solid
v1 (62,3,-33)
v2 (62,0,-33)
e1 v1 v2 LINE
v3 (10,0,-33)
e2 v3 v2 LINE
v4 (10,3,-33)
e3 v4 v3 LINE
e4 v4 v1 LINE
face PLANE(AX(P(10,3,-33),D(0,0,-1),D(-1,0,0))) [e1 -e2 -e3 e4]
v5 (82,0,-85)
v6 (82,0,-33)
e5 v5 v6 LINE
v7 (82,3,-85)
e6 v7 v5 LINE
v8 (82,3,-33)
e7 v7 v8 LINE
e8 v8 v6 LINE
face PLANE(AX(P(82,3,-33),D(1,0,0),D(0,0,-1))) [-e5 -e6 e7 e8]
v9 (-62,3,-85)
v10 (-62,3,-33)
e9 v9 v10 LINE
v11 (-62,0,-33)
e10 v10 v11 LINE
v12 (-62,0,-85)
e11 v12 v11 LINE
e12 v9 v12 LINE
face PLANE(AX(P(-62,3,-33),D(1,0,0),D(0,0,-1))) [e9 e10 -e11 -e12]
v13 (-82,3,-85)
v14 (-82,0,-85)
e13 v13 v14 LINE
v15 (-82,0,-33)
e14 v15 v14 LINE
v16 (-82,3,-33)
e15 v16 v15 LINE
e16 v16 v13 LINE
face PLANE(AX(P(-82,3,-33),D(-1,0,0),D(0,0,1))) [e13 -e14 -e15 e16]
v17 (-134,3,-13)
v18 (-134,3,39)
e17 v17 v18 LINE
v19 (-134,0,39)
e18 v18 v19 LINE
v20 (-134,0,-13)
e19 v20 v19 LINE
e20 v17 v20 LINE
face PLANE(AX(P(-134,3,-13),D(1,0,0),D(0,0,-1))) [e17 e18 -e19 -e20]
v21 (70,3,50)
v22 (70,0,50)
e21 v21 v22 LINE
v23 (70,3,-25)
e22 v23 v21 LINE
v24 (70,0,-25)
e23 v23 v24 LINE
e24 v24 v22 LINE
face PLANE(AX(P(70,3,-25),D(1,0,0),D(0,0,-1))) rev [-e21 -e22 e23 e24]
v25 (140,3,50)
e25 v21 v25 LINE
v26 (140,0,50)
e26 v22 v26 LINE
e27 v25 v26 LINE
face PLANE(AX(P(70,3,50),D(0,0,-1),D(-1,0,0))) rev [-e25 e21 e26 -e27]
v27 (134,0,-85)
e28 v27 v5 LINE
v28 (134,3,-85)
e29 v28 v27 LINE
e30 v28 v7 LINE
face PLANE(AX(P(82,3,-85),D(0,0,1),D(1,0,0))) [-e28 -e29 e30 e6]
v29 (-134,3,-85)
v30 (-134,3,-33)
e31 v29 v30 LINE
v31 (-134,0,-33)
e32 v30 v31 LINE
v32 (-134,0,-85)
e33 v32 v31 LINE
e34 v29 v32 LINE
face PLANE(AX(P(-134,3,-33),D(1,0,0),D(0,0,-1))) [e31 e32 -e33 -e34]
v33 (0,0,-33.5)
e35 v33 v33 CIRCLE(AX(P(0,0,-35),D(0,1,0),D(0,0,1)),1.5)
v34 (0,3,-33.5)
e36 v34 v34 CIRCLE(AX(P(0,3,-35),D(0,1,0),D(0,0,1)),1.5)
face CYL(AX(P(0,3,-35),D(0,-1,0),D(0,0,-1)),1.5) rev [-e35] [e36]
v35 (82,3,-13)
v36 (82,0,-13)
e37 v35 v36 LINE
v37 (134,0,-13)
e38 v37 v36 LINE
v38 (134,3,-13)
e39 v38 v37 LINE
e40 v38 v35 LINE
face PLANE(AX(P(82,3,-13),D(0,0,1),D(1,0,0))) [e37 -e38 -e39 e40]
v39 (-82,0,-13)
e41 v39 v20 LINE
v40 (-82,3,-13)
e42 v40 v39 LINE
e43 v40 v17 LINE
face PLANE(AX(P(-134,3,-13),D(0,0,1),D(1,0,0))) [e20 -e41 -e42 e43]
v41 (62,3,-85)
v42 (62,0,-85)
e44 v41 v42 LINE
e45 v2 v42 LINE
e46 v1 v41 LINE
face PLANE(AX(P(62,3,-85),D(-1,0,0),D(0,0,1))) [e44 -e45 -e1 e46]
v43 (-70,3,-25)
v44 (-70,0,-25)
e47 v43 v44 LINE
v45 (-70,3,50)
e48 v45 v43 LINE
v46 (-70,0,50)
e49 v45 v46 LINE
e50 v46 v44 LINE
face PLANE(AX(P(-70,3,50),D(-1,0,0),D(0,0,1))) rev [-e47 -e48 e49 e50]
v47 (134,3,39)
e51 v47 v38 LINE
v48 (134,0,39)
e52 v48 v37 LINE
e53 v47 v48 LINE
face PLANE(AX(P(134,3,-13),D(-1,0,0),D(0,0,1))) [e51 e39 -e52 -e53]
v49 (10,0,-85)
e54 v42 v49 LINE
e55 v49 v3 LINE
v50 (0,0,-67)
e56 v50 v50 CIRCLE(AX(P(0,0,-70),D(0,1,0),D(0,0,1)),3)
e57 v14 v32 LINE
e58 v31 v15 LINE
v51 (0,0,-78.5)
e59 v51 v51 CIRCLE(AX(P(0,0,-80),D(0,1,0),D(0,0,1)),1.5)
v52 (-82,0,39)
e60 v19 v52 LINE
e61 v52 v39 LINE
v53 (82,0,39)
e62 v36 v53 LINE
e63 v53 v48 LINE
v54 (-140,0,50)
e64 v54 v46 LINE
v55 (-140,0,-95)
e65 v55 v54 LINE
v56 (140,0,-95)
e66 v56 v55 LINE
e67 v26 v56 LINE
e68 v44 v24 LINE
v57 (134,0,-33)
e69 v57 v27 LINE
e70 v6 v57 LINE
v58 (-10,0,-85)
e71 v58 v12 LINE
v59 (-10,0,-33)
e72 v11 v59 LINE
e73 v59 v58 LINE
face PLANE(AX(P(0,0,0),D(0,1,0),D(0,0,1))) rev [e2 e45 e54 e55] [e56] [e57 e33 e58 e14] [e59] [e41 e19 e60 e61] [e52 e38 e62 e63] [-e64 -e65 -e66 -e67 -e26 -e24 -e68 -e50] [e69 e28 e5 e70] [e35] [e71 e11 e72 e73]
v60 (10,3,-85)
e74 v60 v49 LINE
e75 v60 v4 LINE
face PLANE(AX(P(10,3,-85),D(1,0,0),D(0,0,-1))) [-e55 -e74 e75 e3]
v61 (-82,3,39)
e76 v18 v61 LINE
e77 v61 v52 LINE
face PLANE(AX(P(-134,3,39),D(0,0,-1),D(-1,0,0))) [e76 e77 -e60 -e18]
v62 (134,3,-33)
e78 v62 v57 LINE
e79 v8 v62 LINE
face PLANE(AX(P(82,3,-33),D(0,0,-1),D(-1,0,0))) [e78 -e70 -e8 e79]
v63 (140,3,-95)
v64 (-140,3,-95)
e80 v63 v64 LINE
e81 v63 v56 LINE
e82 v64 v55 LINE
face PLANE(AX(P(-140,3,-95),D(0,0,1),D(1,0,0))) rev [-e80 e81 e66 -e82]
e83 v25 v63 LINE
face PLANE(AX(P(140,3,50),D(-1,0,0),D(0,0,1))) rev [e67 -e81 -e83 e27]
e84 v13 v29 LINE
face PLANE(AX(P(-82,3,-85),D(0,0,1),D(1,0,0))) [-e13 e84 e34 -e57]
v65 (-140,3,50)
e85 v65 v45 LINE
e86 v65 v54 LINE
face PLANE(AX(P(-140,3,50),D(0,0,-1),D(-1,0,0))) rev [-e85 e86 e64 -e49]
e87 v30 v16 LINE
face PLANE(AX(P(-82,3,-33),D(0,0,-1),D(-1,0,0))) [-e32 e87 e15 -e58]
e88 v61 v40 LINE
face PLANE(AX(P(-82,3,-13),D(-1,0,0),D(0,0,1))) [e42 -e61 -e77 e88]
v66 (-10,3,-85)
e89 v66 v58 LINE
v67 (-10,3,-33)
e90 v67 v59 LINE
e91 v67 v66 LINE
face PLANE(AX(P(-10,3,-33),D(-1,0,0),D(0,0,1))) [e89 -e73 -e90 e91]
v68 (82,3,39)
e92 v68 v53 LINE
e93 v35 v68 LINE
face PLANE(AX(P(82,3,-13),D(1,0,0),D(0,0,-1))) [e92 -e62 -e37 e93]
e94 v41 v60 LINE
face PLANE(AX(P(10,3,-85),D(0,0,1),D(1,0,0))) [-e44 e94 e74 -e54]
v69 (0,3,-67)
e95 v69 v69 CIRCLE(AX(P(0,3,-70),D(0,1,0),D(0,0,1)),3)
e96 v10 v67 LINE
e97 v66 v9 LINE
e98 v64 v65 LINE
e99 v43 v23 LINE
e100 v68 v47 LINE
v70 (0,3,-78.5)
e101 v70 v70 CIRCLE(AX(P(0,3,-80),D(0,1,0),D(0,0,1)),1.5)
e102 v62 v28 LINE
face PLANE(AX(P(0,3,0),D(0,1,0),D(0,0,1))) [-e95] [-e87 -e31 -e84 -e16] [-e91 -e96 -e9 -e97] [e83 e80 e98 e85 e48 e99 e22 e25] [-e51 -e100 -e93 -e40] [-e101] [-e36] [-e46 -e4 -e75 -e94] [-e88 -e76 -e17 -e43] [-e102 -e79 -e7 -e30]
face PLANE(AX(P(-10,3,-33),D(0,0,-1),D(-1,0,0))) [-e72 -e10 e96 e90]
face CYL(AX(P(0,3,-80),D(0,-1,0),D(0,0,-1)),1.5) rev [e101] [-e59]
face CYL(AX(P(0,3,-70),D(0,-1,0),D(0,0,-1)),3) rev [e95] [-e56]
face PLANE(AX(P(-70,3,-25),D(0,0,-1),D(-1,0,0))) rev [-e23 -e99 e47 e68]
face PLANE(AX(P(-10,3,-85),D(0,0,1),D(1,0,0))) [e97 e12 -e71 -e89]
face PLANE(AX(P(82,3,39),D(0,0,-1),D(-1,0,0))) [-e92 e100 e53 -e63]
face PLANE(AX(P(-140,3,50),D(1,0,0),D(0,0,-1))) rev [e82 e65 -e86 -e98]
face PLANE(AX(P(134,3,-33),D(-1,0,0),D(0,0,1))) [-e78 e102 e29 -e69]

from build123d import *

# Parameters (mm, degrees)
SKETCH_1_R      = 1.5
SKETCH_1_R_2    = 3
SKETCH_1_W      = 52
SKETCH_1_H      = 52
EXTRUDE_1_DEPTH = 3


with BuildPart() as part:
    # 草图1 → 凸台-拉伸1 (new body)
    with BuildSketch(Plane(origin=(0, 0, 0), x_dir=(1, 0, 0), z_dir=(0, 1, 0))):
        Polygon((-140, -50), (-70, -50), (-70, 25), (70, 25), (70, -50), (140, -50), (140, 95), (-140, 95), align=None)
        with Locations(Location((0, 80, 0), (0, 0, 270))):
            Circle(SKETCH_1_R, mode=Mode.SUBTRACT)
        with Locations(Location((0, 35, 0), (0, 0, 270))):
            Circle(SKETCH_1_R, mode=Mode.SUBTRACT)
        with Locations(Location((0, 70, 0), (0, 0, 270))):
            Circle(SKETCH_1_R_2, mode=Mode.SUBTRACT)
        with Locations((36, 59)):
            Rectangle(SKETCH_1_W, SKETCH_1_H, mode=Mode.SUBTRACT)
        with Locations((-36, 59)):
            Rectangle(SKETCH_1_W, SKETCH_1_H, mode=Mode.SUBTRACT)
        with Locations((-108, 59)):
            Rectangle(SKETCH_1_W, SKETCH_1_H, mode=Mode.SUBTRACT)
        with Locations((108, 59)):
            Rectangle(SKETCH_1_W, SKETCH_1_H, mode=Mode.SUBTRACT)
        with Locations((-108, -13)):
            Rectangle(SKETCH_1_W, SKETCH_1_H, mode=Mode.SUBTRACT)
        with Locations((108, -13)):
            Rectangle(SKETCH_1_W, SKETCH_1_H, mode=Mode.SUBTRACT)
    extrude(amount=EXTRUDE_1_DEPTH)


solid = part.part
